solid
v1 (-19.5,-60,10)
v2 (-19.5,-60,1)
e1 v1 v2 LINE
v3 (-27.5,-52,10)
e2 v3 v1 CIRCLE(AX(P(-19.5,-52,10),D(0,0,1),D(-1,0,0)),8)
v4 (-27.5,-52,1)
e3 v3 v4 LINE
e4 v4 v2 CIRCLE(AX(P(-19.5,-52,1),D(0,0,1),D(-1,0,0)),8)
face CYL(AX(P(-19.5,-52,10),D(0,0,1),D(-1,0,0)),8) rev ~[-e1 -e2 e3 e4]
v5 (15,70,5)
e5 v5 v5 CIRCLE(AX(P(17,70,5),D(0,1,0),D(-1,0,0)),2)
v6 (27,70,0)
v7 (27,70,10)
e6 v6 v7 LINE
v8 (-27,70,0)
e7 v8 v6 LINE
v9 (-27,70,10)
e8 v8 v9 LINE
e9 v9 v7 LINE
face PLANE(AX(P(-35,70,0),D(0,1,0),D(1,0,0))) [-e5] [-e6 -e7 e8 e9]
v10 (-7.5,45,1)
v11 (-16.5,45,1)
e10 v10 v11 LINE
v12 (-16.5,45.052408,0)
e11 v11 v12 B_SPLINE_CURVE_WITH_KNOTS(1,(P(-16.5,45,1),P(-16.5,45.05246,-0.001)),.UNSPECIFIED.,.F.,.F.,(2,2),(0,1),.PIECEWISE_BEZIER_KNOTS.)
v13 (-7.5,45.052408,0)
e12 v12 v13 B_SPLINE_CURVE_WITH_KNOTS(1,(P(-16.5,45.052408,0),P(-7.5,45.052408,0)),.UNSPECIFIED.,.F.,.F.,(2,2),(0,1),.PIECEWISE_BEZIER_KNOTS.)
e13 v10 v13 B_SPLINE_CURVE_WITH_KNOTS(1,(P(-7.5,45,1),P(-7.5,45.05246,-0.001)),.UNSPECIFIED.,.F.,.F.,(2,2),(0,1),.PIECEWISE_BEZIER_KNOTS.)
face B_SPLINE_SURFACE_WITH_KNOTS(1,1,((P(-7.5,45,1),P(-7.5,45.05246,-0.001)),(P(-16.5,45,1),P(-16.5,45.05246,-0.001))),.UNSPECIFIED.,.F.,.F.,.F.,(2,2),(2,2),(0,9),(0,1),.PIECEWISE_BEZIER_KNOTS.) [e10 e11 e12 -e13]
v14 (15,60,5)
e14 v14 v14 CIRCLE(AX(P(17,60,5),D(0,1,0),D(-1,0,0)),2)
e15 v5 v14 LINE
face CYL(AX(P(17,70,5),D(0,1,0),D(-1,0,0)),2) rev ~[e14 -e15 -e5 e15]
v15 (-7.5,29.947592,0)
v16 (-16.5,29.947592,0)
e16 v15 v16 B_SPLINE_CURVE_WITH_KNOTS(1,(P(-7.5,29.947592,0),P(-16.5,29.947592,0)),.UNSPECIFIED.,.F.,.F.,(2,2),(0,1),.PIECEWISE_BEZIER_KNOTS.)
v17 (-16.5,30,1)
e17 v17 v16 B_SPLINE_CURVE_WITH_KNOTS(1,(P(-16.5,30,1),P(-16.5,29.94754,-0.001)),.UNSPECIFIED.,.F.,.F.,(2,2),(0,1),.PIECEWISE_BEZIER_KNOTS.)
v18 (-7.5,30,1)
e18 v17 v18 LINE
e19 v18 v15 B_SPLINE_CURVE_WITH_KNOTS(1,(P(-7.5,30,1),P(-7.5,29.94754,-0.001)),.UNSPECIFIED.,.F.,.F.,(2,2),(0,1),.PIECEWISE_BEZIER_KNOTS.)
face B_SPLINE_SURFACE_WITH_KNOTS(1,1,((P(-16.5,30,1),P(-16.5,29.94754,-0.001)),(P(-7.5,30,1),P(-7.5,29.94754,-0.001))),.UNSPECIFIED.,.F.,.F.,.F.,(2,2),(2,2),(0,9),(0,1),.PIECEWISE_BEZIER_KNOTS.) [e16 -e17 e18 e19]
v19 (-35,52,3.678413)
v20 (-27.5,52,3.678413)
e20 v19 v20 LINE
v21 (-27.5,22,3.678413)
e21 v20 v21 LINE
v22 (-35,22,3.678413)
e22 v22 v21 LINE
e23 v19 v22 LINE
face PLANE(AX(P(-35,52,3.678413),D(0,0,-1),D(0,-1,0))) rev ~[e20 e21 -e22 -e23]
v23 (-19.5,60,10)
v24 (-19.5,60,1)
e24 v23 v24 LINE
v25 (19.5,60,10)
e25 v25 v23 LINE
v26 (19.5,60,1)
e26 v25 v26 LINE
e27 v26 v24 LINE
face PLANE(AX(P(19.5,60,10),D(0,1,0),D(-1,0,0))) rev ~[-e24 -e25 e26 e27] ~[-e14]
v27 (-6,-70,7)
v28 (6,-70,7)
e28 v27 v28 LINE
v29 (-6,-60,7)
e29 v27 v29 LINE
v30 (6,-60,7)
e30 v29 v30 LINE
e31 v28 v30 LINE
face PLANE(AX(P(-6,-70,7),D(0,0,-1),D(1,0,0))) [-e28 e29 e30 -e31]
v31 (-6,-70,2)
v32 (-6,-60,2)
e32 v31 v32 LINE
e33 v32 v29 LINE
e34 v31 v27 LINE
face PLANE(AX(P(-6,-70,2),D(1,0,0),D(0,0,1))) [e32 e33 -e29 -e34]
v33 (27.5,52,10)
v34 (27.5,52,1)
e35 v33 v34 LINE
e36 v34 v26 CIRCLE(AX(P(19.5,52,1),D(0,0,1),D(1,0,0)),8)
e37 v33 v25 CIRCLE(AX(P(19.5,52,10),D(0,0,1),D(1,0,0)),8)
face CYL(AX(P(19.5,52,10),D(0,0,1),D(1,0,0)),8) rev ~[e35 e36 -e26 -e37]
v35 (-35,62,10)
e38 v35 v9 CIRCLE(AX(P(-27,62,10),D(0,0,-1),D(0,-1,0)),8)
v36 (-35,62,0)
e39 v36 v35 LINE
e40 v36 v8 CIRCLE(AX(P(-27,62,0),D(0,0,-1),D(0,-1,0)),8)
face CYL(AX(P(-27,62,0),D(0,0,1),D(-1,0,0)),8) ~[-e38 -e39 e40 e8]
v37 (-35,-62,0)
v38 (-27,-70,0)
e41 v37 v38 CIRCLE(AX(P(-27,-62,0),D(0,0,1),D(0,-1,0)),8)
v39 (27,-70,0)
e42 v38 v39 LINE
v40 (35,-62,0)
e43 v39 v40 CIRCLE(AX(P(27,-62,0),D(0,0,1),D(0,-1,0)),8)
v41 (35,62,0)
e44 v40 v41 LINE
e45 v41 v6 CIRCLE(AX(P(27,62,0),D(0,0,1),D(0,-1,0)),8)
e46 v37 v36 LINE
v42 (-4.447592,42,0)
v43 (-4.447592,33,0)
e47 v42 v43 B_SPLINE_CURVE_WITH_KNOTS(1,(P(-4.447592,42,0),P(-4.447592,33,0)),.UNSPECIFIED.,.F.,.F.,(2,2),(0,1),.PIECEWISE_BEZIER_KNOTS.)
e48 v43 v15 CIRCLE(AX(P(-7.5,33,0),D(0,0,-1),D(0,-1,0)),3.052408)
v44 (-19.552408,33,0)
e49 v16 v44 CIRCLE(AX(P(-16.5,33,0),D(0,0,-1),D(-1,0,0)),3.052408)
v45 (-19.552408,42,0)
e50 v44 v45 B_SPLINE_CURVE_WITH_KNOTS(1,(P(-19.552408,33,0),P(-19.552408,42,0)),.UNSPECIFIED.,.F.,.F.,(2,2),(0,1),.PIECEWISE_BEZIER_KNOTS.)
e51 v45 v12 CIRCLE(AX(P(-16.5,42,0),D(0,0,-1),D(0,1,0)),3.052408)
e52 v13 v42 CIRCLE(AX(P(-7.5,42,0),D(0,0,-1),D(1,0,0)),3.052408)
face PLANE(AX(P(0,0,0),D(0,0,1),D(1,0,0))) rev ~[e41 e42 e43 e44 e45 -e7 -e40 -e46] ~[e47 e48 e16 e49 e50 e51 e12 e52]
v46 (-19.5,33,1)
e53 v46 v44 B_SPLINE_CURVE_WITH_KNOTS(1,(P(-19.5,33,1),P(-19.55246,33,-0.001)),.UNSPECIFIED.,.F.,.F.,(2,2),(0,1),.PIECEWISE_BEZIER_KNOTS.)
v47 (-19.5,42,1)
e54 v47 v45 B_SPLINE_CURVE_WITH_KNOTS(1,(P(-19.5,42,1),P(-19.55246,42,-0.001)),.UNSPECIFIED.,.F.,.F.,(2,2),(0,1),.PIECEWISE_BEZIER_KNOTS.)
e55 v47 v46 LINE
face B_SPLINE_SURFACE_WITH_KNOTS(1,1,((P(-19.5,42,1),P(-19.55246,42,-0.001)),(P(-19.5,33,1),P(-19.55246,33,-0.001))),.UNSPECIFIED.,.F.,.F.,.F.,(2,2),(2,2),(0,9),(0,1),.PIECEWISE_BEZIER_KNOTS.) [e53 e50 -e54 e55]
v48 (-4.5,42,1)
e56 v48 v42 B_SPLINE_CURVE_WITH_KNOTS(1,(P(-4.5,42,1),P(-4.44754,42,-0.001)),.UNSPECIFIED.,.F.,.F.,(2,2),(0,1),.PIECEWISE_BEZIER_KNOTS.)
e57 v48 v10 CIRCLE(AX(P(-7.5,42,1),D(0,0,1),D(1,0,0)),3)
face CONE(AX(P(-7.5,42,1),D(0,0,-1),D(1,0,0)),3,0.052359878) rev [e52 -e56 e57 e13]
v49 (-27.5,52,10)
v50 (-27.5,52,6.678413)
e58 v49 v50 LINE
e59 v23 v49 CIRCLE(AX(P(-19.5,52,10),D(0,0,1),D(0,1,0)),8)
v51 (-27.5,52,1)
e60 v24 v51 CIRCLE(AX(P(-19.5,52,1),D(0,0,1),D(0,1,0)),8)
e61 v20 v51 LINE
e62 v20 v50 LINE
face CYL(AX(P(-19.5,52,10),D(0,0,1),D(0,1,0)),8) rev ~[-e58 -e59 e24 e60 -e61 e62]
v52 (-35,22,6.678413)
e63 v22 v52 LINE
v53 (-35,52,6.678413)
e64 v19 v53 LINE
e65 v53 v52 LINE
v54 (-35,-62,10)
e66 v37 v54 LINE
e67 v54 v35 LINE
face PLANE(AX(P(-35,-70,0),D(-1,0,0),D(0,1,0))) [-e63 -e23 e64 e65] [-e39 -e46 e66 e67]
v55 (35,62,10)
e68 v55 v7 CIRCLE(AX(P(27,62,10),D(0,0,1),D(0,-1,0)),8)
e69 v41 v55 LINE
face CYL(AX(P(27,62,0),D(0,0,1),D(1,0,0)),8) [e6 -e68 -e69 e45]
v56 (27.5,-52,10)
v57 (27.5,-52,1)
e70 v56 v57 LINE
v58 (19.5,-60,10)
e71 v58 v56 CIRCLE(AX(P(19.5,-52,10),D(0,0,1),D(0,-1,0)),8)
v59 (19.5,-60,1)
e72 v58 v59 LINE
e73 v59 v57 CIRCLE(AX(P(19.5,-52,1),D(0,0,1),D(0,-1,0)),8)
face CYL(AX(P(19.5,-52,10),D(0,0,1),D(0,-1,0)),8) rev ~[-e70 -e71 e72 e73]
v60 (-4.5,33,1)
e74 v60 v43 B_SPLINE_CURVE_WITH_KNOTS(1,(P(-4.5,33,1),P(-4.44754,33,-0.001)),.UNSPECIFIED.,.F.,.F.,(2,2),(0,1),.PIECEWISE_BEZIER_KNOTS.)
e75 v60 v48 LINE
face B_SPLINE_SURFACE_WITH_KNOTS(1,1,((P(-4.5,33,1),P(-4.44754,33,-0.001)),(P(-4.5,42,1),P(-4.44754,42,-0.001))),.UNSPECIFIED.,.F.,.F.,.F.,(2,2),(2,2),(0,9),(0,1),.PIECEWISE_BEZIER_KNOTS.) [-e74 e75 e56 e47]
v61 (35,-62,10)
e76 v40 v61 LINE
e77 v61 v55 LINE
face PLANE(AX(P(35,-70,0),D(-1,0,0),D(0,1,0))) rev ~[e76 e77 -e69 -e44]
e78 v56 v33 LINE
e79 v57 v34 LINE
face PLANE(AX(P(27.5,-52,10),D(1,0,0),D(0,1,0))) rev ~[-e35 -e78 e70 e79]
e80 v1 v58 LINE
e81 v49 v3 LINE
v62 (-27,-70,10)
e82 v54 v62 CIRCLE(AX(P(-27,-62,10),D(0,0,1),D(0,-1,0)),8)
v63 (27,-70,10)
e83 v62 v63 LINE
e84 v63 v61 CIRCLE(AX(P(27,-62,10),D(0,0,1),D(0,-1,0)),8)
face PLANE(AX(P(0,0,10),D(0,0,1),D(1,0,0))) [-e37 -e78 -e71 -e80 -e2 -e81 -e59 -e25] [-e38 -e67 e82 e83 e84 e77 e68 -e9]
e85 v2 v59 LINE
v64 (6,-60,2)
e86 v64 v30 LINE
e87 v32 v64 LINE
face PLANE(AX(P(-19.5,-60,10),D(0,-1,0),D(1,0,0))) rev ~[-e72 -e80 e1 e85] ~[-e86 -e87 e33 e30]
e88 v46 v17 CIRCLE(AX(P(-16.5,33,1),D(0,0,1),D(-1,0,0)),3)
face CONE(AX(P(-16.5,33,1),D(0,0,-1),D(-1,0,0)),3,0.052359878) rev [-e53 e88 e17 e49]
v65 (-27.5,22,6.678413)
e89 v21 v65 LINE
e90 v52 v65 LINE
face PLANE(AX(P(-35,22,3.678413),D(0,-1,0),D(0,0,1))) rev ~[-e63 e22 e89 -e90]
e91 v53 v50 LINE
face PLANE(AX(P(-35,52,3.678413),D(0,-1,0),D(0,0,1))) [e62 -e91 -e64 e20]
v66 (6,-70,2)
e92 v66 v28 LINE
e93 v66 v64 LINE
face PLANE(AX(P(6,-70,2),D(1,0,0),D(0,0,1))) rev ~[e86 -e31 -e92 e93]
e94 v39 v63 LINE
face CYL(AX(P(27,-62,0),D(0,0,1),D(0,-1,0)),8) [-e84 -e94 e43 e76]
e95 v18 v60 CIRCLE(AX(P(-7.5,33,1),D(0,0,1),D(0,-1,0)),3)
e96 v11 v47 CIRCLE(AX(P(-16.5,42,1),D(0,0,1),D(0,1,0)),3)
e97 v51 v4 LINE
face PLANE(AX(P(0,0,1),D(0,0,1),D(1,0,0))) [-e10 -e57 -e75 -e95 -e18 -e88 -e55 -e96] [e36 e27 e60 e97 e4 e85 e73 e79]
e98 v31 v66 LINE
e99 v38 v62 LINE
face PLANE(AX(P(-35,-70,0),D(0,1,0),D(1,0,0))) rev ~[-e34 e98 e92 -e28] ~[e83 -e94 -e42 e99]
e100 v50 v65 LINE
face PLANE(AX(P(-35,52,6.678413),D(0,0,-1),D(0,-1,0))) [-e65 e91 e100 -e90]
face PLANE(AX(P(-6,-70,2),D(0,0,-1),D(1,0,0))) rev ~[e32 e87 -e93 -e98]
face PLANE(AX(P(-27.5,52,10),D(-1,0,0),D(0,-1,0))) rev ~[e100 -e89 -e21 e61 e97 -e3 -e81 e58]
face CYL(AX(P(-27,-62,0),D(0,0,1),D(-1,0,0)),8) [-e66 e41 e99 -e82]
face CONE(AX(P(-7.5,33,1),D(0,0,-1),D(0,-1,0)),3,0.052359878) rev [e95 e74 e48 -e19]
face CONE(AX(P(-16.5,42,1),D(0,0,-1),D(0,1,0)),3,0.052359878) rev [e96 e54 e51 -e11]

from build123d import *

# Parameters (mm, degrees)
F0_W      = 70
F0_H      = 140
F1_DEPTH  = 10
F3_R      = 8
F4_DEPTH  = 9
F6_DEPTH  = 1.001
F6_TAPER  = -3
F8_W      = 30
F8_H      = 3
F9_DEPTH  = 7.5
F10_R     = 2
F11_DEPTH = 25
F7_W      = 12
F7_H      = 5
F12_DEPTH = 10


with BuildPart() as f1:
    # F0 (on Top) → F1 (new body)
    with BuildSketch(Plane.XY):
        Rectangle(F0_W, F0_H)
    extrude(amount=F1_DEPTH)

    # F3
    f3_edges = [f1.edges().sort_by_distance(p)[0] for p in [
        (35, 70, 5),
        (-35, 70, 5),
        (35, -70, 5),
        (-35, -70, 5),
    ]]
    fillet(f3_edges, radius=F3_R)

    # F2 (on face) → F4 (cut)
    with BuildSketch(Plane.XY.offset(10)):
        with BuildLine():
            Line((19.5, 60), (-19.5, 60))
            ThreePointArc((-19.5, 60), (-25.1568542495, 57.6568542495), (-27.5, 52))
            Line((-27.5, 52), (-27.5, -52))
            ThreePointArc((-27.5, -52), (-25.1568542495, -57.6568542495), (-19.5, -60))
            Line((-19.5, -60), (19.5, -60))
            ThreePointArc((19.5, -60), (25.1568542495, -57.6568542495), (27.5, -52))
            Line((27.5, -52), (27.5, 52))
            ThreePointArc((27.5, 52), (25.1568542495, 57.6568542495), (19.5, 60))
        make_face()
    extrude(amount=-F4_DEPTH, mode=Mode.SUBTRACT)

    # F5 (on face) → F6 (cut, through all)
    with BuildSketch(Plane.XY.offset(1)):
        with BuildLine():
            Line((-7.5, 45), (-16.5, 45))
            ThreePointArc((-16.5, 45), (-18.6213203436, 44.1213203436), (-19.5, 42))
            Line((-19.5, 42), (-19.5, 33))
            ThreePointArc((-19.5, 33), (-18.6213203436, 30.8786796564), (-16.5, 30))
            Line((-16.5, 30), (-7.5, 30))
            ThreePointArc((-7.5, 30), (-5.3786796564, 30.8786796564), (-4.5, 33))
            Line((-4.5, 33), (-4.5, 42))
            ThreePointArc((-4.5, 42), (-5.3786796564, 44.1213203436), (-7.5, 45))
        make_face()
    extrude(amount=-F6_DEPTH, taper=F6_TAPER, mode=Mode.SUBTRACT)

    # F8 (on face) → F9 (cut, through all)
    with BuildSketch(Plane(origin=(-35, 0, 0), x_dir=(0, -1, 0), z_dir=(-1, 0, 0))):
        with Locations((-37, 5.1784133364)):
            Rectangle(F8_W, F8_H)
    extrude(amount=-F9_DEPTH, mode=Mode.SUBTRACT)

    # F10 (on face) → F11 (cut)
    with BuildSketch(Plane(origin=(0, 70, 0), x_dir=(-1, 0, 0), z_dir=(0, 1, 0))):
        with Locations((-17, 5)):
            Circle(F10_R)
    extrude(amount=-F11_DEPTH, mode=Mode.SUBTRACT)

    # F7 (on face) → F12 (cut, through all)
    with BuildSketch(Plane.XZ.offset(70)):
        with Locations((0, 4.5)):
            Rectangle(F7_W, F7_H)
    extrude(amount=-F12_DEPTH, mode=Mode.SUBTRACT)


solid = f1.part
